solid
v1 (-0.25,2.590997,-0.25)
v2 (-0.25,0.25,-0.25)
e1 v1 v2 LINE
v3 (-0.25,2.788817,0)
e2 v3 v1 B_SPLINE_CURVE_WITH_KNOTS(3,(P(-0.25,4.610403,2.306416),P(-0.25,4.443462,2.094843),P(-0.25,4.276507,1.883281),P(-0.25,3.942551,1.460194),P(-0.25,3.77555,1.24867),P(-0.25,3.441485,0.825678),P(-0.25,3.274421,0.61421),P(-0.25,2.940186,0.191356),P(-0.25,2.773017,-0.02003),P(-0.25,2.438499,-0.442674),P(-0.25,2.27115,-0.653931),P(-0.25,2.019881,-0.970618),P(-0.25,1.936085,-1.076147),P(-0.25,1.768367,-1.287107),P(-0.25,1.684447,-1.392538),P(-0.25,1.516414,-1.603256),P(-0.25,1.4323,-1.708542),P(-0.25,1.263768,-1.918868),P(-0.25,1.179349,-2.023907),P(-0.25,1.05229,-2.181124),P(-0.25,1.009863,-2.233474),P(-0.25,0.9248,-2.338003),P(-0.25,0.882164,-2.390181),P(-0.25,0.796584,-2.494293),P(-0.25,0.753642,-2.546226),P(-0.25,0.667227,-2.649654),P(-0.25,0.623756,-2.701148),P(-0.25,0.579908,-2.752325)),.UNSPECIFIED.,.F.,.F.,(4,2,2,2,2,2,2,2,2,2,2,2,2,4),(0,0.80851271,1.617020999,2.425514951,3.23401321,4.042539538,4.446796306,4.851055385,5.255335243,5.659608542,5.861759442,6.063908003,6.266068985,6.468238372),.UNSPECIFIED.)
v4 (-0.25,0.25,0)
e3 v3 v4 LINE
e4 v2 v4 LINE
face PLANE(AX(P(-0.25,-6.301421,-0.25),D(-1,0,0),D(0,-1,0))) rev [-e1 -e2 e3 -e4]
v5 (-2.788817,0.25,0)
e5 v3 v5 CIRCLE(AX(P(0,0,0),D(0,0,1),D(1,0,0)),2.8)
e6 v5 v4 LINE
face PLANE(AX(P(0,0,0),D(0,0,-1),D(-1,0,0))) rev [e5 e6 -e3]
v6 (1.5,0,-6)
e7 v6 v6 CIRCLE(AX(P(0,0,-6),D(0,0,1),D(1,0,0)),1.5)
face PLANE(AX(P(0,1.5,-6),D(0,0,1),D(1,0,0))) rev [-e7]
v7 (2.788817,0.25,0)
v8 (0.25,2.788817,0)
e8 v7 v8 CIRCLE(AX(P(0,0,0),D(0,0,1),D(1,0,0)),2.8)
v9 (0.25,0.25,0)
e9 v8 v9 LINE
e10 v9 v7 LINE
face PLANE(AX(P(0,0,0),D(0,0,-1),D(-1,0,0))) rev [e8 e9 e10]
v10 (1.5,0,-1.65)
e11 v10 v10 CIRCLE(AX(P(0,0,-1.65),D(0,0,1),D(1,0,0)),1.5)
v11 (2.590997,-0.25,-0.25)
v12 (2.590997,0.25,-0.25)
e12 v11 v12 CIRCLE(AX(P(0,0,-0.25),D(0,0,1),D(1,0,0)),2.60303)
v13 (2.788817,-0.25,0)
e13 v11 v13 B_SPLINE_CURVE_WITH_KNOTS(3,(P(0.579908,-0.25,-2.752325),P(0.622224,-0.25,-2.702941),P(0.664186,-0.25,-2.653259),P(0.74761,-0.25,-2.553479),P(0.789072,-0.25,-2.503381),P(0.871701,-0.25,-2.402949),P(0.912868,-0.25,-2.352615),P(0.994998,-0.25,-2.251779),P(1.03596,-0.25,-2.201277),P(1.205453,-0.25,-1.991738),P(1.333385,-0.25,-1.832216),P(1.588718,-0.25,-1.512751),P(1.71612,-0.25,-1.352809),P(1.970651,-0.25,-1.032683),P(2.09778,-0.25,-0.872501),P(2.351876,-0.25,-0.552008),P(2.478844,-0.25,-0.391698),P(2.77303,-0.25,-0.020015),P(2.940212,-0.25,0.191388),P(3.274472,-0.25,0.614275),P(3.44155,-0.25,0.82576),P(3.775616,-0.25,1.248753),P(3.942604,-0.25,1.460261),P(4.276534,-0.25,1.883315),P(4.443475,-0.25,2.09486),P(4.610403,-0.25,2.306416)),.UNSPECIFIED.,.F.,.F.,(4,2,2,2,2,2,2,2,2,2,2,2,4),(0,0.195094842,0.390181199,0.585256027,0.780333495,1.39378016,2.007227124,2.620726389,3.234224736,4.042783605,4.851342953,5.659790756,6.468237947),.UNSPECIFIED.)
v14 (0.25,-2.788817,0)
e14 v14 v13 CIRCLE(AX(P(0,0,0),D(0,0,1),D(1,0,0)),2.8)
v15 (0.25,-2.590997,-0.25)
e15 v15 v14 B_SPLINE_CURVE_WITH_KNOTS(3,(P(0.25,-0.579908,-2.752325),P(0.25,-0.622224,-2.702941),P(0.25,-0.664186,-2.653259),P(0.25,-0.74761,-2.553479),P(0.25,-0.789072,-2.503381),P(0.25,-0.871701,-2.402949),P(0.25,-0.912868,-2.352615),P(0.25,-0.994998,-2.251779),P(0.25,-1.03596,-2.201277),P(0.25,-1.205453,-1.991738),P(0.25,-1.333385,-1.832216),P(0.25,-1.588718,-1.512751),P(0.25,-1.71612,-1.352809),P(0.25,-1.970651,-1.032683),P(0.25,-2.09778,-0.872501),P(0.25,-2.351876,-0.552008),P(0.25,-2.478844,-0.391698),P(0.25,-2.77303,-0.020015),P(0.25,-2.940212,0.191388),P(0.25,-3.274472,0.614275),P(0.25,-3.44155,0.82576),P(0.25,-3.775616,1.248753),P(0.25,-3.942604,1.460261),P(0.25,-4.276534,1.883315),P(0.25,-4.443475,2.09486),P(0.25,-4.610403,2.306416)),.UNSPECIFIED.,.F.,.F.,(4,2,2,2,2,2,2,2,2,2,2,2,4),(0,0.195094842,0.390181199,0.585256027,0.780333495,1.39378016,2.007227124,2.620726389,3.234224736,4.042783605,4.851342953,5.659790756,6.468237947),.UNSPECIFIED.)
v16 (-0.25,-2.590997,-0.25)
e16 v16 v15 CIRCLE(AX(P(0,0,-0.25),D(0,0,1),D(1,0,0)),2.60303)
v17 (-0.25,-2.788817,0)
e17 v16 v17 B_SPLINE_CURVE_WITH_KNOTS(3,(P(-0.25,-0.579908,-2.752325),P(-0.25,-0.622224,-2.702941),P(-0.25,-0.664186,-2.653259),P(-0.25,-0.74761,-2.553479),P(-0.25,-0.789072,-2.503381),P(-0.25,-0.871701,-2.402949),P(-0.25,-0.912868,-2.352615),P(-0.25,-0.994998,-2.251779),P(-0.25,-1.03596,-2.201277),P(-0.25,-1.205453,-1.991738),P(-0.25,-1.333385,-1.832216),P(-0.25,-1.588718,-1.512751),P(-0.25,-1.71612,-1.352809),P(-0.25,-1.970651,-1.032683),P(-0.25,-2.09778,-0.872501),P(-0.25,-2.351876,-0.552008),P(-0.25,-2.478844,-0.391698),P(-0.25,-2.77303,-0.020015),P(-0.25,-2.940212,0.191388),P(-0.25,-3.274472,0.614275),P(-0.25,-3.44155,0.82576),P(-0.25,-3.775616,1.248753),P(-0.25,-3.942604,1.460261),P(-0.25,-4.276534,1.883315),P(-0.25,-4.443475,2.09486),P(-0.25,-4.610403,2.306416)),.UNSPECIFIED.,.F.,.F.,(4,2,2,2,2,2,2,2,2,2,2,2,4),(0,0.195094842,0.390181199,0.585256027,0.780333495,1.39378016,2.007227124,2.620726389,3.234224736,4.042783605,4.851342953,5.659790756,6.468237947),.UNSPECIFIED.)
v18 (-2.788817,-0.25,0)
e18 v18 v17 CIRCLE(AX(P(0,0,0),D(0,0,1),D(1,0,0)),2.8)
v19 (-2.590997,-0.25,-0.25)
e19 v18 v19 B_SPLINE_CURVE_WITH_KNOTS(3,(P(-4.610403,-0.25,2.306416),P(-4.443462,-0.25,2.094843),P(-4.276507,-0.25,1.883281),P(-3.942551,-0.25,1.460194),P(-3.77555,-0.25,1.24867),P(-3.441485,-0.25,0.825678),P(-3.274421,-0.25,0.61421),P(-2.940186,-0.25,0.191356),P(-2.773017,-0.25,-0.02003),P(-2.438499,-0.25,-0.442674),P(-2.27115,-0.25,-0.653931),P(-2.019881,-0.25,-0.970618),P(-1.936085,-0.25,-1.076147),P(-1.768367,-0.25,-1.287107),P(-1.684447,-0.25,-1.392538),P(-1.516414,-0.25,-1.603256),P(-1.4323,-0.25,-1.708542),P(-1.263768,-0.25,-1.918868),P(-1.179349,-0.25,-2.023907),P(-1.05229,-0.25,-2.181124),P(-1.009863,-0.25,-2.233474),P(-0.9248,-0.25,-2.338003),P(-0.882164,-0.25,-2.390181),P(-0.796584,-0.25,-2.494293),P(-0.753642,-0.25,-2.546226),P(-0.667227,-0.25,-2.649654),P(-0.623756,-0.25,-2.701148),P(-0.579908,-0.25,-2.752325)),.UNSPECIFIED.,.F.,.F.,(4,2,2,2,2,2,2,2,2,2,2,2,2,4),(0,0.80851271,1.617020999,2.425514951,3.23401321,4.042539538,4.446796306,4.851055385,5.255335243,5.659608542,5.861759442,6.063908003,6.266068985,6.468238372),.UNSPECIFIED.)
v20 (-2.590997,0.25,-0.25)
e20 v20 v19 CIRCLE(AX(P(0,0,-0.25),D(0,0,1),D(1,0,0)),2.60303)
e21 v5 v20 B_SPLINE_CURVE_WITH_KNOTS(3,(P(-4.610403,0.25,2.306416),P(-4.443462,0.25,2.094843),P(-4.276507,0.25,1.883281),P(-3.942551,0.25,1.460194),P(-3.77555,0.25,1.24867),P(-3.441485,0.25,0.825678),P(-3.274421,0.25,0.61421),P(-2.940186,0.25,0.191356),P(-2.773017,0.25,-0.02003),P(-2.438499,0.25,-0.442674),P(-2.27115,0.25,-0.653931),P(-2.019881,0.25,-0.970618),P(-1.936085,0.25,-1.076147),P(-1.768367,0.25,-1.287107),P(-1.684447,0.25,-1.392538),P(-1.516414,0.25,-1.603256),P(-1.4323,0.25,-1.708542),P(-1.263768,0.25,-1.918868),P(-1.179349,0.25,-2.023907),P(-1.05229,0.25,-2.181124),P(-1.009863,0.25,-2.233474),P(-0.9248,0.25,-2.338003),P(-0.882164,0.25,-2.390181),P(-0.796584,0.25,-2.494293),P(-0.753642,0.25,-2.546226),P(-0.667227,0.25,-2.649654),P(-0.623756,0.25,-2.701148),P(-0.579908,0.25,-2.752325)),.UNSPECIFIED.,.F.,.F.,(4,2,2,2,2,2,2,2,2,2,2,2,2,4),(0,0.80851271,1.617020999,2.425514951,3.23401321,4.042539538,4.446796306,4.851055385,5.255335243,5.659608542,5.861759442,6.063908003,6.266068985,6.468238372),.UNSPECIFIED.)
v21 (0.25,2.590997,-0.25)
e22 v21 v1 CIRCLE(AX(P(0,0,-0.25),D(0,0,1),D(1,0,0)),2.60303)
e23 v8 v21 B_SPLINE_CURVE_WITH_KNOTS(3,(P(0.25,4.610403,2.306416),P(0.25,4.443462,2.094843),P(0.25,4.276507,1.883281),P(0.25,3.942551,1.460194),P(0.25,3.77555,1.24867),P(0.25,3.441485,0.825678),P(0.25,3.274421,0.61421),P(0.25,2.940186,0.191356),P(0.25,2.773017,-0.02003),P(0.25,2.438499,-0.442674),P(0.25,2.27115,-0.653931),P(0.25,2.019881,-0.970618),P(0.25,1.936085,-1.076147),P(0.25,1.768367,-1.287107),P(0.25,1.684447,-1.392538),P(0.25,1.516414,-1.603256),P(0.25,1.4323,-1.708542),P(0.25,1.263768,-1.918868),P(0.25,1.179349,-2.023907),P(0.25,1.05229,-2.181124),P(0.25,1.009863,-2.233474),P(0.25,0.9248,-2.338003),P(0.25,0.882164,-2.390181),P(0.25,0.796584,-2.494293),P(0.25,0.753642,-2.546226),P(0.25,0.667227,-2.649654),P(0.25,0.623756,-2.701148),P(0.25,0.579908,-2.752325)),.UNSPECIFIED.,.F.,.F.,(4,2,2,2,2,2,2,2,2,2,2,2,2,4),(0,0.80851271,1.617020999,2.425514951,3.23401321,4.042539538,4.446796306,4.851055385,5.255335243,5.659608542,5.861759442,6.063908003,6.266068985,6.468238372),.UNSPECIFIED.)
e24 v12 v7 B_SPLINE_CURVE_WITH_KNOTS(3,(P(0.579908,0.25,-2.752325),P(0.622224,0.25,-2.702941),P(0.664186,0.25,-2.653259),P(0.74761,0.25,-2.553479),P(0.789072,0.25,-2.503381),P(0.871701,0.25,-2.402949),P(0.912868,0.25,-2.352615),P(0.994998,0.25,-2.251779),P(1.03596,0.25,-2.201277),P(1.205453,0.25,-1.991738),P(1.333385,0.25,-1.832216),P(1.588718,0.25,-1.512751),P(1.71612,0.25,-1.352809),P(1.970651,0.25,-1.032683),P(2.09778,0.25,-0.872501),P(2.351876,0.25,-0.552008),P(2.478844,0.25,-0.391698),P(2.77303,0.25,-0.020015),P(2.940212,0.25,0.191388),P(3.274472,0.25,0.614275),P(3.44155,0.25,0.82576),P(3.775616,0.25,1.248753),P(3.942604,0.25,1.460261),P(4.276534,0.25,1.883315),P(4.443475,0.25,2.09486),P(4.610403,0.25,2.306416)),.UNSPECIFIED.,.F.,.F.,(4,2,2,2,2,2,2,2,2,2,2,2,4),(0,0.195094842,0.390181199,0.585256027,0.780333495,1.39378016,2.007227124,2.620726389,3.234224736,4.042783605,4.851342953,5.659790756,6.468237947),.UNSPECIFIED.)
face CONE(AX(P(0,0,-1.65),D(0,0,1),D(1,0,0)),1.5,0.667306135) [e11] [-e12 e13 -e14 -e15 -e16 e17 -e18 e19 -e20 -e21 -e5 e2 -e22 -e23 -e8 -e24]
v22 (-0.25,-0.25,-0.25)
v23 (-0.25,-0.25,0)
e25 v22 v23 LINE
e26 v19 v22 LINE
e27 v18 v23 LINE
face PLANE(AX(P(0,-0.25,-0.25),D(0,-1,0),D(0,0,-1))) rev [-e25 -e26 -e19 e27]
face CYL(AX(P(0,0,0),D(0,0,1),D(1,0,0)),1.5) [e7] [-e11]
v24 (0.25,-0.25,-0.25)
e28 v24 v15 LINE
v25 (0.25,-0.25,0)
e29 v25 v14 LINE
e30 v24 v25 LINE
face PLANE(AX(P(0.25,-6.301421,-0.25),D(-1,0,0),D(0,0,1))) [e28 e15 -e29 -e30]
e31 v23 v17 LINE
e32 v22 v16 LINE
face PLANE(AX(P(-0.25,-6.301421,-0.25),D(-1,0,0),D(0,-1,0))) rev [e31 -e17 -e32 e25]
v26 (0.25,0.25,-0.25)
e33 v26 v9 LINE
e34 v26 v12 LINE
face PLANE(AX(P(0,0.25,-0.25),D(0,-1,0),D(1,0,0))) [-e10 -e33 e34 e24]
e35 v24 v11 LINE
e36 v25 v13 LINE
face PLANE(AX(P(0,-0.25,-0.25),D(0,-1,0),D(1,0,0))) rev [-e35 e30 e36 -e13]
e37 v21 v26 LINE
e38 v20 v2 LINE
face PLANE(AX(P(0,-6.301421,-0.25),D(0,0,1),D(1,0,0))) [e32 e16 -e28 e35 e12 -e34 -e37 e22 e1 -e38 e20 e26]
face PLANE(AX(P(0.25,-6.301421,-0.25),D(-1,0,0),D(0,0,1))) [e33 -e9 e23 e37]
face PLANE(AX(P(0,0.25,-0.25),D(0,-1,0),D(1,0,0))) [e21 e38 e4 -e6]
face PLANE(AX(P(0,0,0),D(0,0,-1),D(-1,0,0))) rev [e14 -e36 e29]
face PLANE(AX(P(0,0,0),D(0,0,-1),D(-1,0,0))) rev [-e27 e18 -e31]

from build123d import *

# Parameters (mm, degrees)
CUT_EXTRUDE1_DEPTH = 0.25


with BuildPart() as part:
    # Sketch2 → Revolve1 (revolve)
    with BuildSketch(Plane(origin=(0, 0, 0), x_dir=(0, 0, -1), z_dir=(1, 0, 0)), mode=Mode.PRIVATE) as revolve1_sk:
        Polygon((0, 0), (0, 2.8), (1.65, 1.5), (6, 1.5), (6, 0), align=None)
    revolve(revolve1_sk.sketch.rotate(Axis((0, 0, 0), (0, 0, -1)), 90), axis=Axis((0, 0, 0), (0, 0, -1)))

    # Sketch3 → Cut-Extrude1 (cut)
    with BuildSketch(Plane.XY):
        Polygon((-0.25, 2.8), (-0.25, 0.25), (-2.8, 0.25), (-3.256058343, -0.027319636), (-2.8, -0.25), (-0.25, -0.25), (-0.25, -2.8), (0.125, -3.416695886), (0.25, -2.8), (0.25, -0.25), (2.8, -0.25), (3.211130591, 0), (2.8, 0.25), (0.25, 0.25), (0.25, 2.8), (0, 3.10316335), align=None)
    extrude(amount=-CUT_EXTRUDE1_DEPTH, mode=Mode.SUBTRACT)


solid = part.part
